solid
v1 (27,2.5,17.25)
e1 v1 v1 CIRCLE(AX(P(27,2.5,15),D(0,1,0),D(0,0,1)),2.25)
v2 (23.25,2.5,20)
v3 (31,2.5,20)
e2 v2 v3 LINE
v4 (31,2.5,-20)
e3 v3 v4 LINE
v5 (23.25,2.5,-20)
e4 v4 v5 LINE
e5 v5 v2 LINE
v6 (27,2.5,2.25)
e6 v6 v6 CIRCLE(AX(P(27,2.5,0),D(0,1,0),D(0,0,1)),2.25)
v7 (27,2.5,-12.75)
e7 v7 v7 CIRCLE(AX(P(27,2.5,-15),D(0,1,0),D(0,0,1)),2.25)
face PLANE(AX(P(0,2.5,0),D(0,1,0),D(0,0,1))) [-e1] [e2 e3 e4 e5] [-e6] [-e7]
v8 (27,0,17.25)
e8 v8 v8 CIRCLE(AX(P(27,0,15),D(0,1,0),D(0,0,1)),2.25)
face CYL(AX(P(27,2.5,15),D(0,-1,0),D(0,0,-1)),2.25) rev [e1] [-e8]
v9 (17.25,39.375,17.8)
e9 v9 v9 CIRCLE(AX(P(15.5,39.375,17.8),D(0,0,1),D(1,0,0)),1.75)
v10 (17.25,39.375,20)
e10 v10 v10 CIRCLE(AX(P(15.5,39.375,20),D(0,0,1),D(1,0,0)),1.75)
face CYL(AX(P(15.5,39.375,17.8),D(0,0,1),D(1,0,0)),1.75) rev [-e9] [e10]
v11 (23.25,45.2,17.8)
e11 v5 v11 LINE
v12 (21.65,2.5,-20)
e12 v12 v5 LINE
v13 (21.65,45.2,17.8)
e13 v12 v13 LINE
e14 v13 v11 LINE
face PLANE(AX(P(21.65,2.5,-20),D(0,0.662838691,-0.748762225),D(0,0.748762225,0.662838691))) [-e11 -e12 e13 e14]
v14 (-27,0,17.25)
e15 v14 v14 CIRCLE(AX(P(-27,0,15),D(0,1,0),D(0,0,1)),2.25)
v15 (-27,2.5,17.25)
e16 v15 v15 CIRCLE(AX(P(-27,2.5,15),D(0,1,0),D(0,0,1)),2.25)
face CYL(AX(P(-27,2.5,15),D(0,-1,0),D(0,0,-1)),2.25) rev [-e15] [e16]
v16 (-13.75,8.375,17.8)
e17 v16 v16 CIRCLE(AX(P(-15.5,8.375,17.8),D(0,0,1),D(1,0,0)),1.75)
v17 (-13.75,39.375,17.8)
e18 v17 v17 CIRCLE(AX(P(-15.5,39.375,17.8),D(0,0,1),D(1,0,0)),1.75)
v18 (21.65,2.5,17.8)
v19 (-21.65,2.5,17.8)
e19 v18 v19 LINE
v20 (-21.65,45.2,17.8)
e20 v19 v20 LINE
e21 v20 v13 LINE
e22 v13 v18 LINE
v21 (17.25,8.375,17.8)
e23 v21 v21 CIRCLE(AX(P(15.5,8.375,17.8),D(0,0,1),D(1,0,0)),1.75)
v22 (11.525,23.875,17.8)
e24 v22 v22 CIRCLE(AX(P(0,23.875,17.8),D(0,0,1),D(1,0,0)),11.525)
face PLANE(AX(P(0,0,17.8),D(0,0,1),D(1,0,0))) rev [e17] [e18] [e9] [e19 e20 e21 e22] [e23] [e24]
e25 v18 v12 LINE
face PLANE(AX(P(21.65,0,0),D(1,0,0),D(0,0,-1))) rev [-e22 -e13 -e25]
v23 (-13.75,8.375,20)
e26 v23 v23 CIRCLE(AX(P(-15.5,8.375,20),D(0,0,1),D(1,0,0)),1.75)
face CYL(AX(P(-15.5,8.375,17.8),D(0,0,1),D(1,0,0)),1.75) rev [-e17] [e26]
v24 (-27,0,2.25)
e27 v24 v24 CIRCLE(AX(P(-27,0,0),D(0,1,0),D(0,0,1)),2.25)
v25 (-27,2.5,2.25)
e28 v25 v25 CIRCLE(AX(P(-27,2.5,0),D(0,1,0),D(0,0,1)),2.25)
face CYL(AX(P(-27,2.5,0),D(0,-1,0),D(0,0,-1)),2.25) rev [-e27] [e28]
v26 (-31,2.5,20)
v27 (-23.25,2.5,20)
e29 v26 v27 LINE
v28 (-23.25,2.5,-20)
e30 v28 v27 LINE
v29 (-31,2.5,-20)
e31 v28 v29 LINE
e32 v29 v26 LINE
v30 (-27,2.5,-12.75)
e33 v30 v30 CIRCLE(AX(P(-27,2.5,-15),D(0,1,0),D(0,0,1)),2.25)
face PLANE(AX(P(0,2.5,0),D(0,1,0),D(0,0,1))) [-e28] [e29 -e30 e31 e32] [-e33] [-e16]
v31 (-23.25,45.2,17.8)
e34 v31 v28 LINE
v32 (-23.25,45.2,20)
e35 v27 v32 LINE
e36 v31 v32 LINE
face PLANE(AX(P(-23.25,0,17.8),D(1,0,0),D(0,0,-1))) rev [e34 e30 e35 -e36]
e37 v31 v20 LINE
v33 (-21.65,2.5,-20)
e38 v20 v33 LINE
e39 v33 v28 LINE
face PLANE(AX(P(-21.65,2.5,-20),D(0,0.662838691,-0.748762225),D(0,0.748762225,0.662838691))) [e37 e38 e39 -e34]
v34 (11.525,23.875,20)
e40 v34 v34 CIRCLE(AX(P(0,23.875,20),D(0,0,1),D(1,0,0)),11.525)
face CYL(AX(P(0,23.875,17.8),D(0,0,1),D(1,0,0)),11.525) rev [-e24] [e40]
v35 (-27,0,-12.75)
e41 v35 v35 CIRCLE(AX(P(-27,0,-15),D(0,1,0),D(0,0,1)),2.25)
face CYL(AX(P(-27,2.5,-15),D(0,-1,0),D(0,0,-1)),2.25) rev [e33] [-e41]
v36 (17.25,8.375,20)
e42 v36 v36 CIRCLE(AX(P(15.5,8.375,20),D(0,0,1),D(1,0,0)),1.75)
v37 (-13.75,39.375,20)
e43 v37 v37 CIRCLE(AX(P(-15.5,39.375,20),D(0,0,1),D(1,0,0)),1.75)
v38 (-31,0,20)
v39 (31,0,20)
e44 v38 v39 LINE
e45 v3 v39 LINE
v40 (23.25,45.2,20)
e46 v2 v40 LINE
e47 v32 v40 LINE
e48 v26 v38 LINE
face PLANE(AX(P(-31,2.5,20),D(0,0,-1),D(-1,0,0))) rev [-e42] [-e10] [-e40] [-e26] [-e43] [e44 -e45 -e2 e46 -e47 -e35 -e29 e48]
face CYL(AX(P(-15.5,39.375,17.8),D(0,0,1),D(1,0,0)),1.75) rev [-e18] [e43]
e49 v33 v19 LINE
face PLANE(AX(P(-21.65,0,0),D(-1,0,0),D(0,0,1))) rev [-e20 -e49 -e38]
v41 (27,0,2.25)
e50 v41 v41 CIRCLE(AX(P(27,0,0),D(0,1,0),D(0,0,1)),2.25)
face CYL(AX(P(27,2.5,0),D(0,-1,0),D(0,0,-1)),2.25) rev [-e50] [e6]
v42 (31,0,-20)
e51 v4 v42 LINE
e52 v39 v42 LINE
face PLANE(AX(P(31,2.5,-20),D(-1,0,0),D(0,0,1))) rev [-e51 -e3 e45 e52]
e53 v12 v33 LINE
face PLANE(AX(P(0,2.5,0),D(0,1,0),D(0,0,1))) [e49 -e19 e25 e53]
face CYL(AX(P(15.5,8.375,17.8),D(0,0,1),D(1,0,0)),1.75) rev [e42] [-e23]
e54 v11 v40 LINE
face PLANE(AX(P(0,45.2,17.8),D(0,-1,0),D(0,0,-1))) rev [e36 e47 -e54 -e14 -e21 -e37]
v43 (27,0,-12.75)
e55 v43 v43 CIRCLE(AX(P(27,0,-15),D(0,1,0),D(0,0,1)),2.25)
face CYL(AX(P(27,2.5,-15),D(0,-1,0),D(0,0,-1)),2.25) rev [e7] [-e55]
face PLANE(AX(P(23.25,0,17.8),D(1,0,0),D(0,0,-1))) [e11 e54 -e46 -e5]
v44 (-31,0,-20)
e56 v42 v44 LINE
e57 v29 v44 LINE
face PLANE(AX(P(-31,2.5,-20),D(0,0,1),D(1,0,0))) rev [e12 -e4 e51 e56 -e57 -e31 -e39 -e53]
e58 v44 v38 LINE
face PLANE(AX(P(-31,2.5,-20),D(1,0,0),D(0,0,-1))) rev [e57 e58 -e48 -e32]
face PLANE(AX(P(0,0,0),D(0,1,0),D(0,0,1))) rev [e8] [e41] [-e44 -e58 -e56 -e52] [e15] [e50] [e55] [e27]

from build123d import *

# Parameters (mm, degrees)
SKETCH_1_W      = 62
SKETCH_1_H      = 40
SKETCH_1_R      = 2.25
EXTRUDE_1_DEPTH = 2.5
SKETCH_2_W      = 46.5
SKETCH_2_H      = 42.7
SKETCH_2_R      = 11.525
SKETCH_2_R_2    = 1.75
EXTRUDE_2_DEPTH = 2.2
EXTRUDE_3_DEPTH = 1.6
EXTRUDE_4_DEPTH = 1.6


with BuildPart() as part:
    # Эскиз1 → Бобышка-Вытянуть1 (new body)
    with BuildSketch(Plane(origin=(0, 0, 0), x_dir=(1, 0, 0), z_dir=(0, 1, 0))):
        Rectangle(SKETCH_1_W, SKETCH_1_H)
        with Locations(Location((-27, 0, 0), (0, 0, 270))):
            Circle(SKETCH_1_R, mode=Mode.SUBTRACT)
        with Locations(Location((27, 0, 0), (0, 0, 270))):
            Circle(SKETCH_1_R, mode=Mode.SUBTRACT)
        with Locations(Location((-27, 15, 0), (0, 0, 270))):
            Circle(SKETCH_1_R, mode=Mode.SUBTRACT)
        with Locations(Location((27, 15, 0), (0, 0, 270))):
            Circle(SKETCH_1_R, mode=Mode.SUBTRACT)
        with Locations(Location((-27, -15, 0), (0, 0, 270))):
            Circle(SKETCH_1_R, mode=Mode.SUBTRACT)
        with Locations(Location((27, -15, 0), (0, 0, 270))):
            Circle(SKETCH_1_R, mode=Mode.SUBTRACT)
    extrude(amount=EXTRUDE_1_DEPTH)

    # Эскиз2 → Бобышка-Вытянуть2 (add)
    with BuildSketch(Plane.XY.offset(20)):
        with Locations((0, 23.85)):
            Rectangle(SKETCH_2_W, SKETCH_2_H)
        with Locations((0, 23.875)):
            Circle(SKETCH_2_R, mode=Mode.SUBTRACT)
        with Locations((15.5, 39.375)):
            Circle(SKETCH_2_R_2, mode=Mode.SUBTRACT)
        with Locations((15.5, 8.375)):
            Circle(SKETCH_2_R_2, mode=Mode.SUBTRACT)
        with Locations((-15.5, 8.375)):
            Circle(SKETCH_2_R_2, mode=Mode.SUBTRACT)
        with Locations((-15.5, 39.375)):
            Circle(SKETCH_2_R_2, mode=Mode.SUBTRACT)
    extrude(amount=-EXTRUDE_2_DEPTH)

    # Эскиз3 → Бобышка-Вытянуть3 (add)
    with BuildSketch(Plane.ZY.offset(23.25)):
        Polygon((-20, 2.5), (17.8, 45.2), (17.8, 2.5), align=None)
    extrude(amount=-EXTRUDE_3_DEPTH)

    # Эскиз4 → Бобышка-Вытянуть4 (add)
    with BuildSketch(Plane(origin=(23.25, 0, 0), x_dir=(0, 0, -1), z_dir=(1, 0, 0))):
        Polygon((-17.8, 2.5), (20, 2.5), (-17.8, 45.2), align=None)
    extrude(amount=-EXTRUDE_4_DEPTH)


solid = part.part
